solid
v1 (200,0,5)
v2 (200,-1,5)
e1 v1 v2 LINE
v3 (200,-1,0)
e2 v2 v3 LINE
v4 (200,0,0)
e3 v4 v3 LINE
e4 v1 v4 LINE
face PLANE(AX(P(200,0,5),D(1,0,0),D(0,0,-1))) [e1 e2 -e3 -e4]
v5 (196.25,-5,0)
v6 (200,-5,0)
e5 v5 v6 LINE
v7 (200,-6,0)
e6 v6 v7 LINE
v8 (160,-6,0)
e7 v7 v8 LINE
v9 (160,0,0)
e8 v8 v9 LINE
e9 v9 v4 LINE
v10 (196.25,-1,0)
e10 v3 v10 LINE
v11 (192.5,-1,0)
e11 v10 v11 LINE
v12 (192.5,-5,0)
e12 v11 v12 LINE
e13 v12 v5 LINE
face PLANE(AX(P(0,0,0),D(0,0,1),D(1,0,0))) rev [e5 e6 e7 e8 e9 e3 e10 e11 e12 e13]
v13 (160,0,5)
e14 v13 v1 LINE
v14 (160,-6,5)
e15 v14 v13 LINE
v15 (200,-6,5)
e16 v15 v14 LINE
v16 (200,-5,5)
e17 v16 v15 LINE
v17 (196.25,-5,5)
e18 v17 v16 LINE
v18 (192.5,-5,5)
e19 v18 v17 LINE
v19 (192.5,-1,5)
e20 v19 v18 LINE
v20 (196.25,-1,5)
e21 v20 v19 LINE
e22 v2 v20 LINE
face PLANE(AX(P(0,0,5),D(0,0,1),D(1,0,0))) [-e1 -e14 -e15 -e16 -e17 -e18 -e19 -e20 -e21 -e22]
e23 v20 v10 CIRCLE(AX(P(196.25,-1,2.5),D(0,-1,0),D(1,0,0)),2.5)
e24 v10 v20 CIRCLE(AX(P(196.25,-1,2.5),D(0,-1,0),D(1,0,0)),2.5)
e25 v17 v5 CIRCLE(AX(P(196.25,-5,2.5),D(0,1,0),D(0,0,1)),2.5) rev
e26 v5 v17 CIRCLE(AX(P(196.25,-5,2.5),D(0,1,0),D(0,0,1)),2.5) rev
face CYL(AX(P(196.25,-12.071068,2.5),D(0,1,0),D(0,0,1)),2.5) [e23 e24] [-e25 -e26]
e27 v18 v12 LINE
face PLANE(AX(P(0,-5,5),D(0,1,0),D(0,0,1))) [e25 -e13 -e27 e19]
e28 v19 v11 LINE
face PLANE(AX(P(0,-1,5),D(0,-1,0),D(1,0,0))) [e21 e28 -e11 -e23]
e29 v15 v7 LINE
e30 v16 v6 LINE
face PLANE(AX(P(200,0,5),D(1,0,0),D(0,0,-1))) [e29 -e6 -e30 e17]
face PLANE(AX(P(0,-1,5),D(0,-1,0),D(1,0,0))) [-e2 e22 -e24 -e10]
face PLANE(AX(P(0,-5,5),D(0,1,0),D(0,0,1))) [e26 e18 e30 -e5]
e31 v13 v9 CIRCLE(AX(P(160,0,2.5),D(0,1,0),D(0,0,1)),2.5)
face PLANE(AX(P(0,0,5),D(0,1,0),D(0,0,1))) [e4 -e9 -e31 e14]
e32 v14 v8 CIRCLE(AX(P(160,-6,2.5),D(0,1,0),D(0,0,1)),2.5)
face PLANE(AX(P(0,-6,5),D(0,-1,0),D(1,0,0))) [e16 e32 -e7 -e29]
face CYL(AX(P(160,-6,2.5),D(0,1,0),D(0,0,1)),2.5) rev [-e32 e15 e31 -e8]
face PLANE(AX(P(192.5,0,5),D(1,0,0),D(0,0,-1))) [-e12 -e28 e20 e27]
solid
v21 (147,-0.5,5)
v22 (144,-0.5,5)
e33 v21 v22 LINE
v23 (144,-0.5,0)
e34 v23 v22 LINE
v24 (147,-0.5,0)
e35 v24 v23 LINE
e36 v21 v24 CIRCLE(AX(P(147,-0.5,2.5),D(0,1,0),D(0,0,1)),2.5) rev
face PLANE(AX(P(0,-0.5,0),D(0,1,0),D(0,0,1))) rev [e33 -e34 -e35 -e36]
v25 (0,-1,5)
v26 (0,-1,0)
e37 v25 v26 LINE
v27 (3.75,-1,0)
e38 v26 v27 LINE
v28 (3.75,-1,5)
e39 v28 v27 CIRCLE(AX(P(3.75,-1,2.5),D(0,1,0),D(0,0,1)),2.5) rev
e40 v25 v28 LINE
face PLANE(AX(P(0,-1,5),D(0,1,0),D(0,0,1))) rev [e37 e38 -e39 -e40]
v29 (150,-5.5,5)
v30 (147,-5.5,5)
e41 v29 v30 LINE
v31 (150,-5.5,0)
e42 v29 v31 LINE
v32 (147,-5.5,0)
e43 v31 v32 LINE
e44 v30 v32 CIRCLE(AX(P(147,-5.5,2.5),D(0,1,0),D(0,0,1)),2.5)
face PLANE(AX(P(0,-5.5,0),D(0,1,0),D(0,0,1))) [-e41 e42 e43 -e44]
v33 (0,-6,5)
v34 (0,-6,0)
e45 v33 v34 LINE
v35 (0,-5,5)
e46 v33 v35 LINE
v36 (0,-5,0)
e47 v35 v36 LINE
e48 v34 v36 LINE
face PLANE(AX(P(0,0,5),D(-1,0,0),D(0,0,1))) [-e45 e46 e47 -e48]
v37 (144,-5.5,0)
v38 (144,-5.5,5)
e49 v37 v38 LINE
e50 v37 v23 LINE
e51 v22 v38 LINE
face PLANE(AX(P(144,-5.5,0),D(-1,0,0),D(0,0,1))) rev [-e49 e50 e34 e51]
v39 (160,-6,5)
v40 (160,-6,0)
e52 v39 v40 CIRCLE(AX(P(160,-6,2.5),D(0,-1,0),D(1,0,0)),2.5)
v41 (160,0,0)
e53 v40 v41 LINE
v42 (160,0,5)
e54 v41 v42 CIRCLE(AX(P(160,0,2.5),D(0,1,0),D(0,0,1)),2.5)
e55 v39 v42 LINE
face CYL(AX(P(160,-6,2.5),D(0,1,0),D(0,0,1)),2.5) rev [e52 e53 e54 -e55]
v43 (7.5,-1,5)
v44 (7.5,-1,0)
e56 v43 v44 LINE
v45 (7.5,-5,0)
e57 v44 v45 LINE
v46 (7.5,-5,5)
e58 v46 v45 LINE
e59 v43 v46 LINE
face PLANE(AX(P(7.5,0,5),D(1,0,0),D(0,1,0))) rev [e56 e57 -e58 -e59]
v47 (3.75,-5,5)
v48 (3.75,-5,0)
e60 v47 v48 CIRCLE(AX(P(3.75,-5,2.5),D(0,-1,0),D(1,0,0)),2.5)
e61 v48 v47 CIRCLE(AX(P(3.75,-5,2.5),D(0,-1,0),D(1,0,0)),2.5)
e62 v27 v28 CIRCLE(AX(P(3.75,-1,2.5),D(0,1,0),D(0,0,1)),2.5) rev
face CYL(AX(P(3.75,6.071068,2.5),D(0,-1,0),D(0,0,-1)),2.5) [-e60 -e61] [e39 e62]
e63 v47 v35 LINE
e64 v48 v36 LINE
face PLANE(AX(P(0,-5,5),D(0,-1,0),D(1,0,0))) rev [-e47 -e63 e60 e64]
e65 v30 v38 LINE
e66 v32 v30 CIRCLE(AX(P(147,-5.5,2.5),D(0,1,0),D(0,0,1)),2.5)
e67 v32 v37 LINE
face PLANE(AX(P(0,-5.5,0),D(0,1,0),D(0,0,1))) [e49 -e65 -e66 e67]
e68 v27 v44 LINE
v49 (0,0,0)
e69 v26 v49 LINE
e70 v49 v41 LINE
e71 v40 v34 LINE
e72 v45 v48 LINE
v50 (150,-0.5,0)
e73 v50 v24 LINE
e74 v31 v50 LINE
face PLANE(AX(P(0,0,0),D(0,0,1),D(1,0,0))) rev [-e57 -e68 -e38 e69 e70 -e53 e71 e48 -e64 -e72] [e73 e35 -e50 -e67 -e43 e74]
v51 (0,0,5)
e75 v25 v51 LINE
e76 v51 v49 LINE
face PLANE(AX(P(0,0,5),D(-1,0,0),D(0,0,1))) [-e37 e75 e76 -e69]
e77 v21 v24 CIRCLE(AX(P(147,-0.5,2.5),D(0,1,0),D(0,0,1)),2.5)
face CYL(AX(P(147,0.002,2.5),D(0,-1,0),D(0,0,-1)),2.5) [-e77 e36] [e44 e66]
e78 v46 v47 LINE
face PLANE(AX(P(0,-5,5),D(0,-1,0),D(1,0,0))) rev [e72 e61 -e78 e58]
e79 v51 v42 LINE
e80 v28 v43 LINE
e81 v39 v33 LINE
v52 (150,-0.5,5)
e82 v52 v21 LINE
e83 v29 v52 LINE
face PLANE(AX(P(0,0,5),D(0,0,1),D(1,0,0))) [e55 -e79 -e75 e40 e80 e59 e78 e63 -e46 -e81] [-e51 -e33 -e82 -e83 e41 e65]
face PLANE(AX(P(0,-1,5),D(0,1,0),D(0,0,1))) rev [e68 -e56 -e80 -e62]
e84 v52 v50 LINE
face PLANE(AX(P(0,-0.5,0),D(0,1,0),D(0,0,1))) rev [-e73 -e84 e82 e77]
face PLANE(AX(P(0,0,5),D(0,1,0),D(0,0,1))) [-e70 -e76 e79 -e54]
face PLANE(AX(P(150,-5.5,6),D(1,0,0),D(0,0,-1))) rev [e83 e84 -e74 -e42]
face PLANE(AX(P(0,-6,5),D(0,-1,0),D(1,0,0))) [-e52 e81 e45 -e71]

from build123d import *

# Parameters (mm, degrees)
BOSS_EXTRUDE1_DEPTH = 5
SKETCH2_R           = 2.5
BOSS_EXTRUDE2_DEPTH = 5
SKETCH4_R           = 2.5
BOSS_EXTRUDE3_DEPTH = 5
SKETCH8_W           = 6
SKETCH8_H           = 6
CUT_EXTRUDE9_DEPTH  = 2.5
BOSS_EXTRUDE4_REACH = 202.138
SKETCH9_R           = 2.5
SKETCH10_R          = 2.5
CUT_EXTRUDE10_DEPTH = 201.152441904


with BuildPart() as part:
    # Sketch1 → Boss-Extrude1 (new body)
    with BuildSketch(Plane.XY):
        Polygon((200, 0), (0, 0), (0, -1), (7.5, -1), (7.5, -5), (0, -5), (0, -6), (200, -6), (200, -5), (192.5, -5), (192.5, -1), (200, -1), align=None)
    extrude(amount=BOSS_EXTRUDE1_DEPTH)

    # Sketch2 → Boss-Extrude2 (add)
    with BuildSketch(Plane.XZ.offset(6)):
        with Locations(Location((3.75, 2.5, 0), (0, 0, 270))):
            Circle(SKETCH2_R)
    extrude(amount=-BOSS_EXTRUDE2_DEPTH)

    # Sketch4 → Boss-Extrude3 (add)
    with BuildSketch(Plane(origin=(0, 0, 0), x_dir=(1, 0, 0), z_dir=(0, 1, 0))):
        with Locations(Location((196.25, -2.5, 0), (0, 0, 270))):
            Circle(SKETCH4_R)
    extrude(amount=-BOSS_EXTRUDE3_DEPTH)

    # Sketch8 → Cut-Extrude9 (cut, symmetric)
    with BuildSketch(Plane(origin=(0, -3, 0), x_dir=(1, 0, 0), z_dir=(0, 1, 0))):
        with Locations((147, -3)):
            Rectangle(SKETCH8_W, SKETCH8_H)
    extrude(amount=CUT_EXTRUDE9_DEPTH, both=True, mode=Mode.SUBTRACT)

    # Sketch9 → Boss-Extrude4 (add, up to next)
    with BuildSketch(Plane(origin=(0, -5.5, 0), x_dir=(1, 0, 0), z_dir=(0, 1, 0)), mode=Mode.PRIVATE) as boss_extrude4_sk1:
        with Locations(Location((147, -2.5, 0), (0, 0, 90))):
            Circle(SKETCH9_R)
    boss_extrude4_tool1 = extrude(boss_extrude4_sk1.sketch, amount=BOSS_EXTRUDE4_REACH, mode=Mode.PRIVATE) - part.part
    add(boss_extrude4_tool1.solids().sort_by_distance((147, -5.5, 2.5))[0])

    # Sketch10 → Cut-Extrude10 (cut, through all)
    with BuildSketch(Plane(origin=(0, 0, 0), x_dir=(1, 0, 0), z_dir=(0, 1, 0))):
        with Locations((160, -2.5)):
            Circle(SKETCH10_R)
    extrude(amount=-CUT_EXTRUDE10_DEPTH, mode=Mode.SUBTRACT)


with BuildPart() as cut_extrude10_piece_1:
    # of the separate pieces the step leaves, piece 1, a body of its own (cut_extrude10_pieces)
    add(part.part.solids().sort_by_distance((0, -6, 0))[0])


with BuildPart() as cut_extrude10_piece_2:
    # of the separate pieces the step leaves, piece 2, a body of its own (cut_extrude10_pieces)
    add(part.part.solids().sort_by_distance((200, 0, 0))[0])


solid = Compound([cut_extrude10_piece_1.part, cut_extrude10_piece_2.part])
